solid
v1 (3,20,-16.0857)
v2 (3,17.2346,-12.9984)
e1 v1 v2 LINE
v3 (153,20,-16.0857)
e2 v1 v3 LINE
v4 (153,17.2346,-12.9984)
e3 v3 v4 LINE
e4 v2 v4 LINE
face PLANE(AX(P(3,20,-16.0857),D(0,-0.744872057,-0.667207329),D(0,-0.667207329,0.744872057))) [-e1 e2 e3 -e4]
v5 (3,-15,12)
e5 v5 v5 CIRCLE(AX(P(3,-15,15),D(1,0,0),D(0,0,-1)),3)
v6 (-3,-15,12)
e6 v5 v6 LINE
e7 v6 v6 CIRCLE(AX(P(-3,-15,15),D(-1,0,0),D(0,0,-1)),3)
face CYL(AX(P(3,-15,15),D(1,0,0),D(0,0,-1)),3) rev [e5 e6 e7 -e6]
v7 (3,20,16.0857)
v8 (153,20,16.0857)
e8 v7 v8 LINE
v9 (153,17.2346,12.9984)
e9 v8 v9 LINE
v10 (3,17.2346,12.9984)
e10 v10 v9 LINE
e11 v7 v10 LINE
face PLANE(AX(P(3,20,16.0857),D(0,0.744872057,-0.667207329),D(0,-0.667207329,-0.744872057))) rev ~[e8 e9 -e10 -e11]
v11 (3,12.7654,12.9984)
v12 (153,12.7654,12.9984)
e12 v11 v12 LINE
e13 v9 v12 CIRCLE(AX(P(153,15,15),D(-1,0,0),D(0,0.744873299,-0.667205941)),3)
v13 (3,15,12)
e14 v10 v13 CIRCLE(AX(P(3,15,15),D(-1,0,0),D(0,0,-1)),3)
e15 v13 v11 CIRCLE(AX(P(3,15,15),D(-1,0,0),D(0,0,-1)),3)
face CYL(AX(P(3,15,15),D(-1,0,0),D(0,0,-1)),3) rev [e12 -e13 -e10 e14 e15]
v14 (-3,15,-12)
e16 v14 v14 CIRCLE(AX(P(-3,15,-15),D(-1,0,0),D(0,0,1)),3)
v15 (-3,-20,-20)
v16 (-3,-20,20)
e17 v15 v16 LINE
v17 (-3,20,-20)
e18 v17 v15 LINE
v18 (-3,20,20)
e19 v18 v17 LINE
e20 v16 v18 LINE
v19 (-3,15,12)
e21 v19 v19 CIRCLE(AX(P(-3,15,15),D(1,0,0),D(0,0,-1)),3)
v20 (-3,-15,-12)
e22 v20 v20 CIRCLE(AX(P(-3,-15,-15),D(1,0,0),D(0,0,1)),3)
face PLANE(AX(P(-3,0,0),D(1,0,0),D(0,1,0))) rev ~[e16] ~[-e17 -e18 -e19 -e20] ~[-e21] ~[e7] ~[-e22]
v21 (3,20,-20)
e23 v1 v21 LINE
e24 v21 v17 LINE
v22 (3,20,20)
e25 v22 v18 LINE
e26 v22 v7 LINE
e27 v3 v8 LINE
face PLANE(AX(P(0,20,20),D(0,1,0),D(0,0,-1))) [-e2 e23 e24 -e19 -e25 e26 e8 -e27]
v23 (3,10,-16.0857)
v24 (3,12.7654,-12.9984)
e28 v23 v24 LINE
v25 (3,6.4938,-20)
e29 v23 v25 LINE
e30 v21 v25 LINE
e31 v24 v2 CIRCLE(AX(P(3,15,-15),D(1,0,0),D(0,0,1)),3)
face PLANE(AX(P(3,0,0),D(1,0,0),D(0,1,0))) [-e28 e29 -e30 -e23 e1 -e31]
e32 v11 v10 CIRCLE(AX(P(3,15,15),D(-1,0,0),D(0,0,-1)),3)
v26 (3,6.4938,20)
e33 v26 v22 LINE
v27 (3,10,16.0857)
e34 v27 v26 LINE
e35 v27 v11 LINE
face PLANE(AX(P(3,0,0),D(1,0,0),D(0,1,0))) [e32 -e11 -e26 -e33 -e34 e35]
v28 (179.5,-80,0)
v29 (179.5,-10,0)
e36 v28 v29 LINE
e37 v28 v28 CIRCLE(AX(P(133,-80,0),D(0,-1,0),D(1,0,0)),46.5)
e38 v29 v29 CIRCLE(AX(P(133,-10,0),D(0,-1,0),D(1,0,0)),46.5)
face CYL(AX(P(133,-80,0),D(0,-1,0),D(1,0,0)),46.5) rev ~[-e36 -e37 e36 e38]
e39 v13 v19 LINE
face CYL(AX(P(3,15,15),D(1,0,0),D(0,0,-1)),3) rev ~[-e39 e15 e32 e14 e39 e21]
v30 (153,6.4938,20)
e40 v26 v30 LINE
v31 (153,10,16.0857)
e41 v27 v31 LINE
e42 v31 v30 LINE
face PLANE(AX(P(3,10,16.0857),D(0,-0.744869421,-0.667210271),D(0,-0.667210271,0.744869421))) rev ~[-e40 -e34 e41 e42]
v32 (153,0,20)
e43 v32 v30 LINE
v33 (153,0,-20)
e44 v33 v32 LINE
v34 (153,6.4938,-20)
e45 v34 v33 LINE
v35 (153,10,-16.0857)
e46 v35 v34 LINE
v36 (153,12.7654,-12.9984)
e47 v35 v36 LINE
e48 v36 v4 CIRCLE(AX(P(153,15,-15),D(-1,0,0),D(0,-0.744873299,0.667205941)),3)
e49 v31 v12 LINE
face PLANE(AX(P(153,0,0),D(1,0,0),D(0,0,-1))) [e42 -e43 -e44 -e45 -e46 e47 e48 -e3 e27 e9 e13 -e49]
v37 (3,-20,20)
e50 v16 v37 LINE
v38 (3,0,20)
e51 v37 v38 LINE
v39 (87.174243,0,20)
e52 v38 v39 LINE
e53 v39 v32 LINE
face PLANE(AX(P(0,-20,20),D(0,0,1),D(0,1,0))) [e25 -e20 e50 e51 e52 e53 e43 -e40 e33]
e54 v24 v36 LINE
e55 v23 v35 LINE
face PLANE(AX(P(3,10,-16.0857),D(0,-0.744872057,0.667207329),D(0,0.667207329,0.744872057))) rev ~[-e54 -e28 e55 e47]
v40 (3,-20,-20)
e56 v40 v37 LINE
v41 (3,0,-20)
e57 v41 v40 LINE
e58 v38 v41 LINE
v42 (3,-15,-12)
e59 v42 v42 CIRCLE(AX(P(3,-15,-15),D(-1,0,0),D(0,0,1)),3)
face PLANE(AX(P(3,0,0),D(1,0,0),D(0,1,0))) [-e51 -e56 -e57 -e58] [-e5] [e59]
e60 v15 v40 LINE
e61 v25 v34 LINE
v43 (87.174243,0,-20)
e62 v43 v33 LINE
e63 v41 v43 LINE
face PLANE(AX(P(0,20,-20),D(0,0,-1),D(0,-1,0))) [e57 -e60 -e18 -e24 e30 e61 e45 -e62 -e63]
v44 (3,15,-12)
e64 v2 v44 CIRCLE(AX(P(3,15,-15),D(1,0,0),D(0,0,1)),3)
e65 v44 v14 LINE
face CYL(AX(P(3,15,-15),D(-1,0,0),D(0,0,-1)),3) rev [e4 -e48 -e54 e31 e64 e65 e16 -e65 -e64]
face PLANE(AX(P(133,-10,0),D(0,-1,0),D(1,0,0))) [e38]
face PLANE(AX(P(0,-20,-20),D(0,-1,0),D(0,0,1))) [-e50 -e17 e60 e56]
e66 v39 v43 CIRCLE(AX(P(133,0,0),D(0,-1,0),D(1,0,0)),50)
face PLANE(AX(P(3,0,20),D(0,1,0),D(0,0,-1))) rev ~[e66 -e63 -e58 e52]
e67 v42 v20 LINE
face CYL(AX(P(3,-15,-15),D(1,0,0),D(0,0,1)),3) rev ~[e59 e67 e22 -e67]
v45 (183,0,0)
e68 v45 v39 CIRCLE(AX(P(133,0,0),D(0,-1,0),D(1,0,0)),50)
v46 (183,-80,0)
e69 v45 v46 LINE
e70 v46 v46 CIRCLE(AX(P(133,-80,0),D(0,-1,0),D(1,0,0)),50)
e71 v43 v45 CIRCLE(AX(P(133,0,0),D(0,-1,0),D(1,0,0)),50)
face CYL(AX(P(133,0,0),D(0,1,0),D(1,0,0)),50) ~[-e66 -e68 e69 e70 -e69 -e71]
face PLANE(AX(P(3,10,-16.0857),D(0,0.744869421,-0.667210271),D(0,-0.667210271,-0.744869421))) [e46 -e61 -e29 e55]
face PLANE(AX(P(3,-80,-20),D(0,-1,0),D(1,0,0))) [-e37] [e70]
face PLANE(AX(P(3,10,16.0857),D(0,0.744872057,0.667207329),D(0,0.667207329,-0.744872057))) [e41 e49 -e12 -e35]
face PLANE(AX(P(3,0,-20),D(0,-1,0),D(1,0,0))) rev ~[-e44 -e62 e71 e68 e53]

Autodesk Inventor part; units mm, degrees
ref_plane "YZ Plane" through (0, 0, 0) normal (1, 0, 0) x (0, 1, 0)
ref_plane "XZ Plane" through (0, 0, 0) normal (0, 1, 0) x (-1, 0, 0)
sketch "Sketch1" plane through (0, 0, 0) normal (1, 0, 0) x (0, 1, 0)
  line L0 (-20, 20) -> (20, 20)
  line L1 (20, 20) -> (20, -20)
  line L2 (20, -20) -> (-20, -20)
  line L3 (-20, -20) -> (-20, 20)
  line L4 (-20, 20) -> (20, -20) construction
  line L5 (20, 20) -> (-20, -20) construction
  point P0 (0, 0)
  dimension "d0" = 40
  dimension "d1" = 40
extrude "Extrusion1" add sketch "Sketch1" along normal mid plane 6
sketch "Sketch2" plane through (3, 0, 0) normal (1, 0, 0) x (0, 0, -1)
  line L0 (20, 20) -> (-20, 20) projected
  line L1 (-20, 20) -> (-15, 20)
  line L2 (-15, 20) -> (-15, 15)
  line L3 (-15, 15) -> (-20, 15)
  line L4 (-20, 20) -> (-20, -20) projected
  circle A0 centre (-15, 15) radius 3
  point P0 (0, 0)
  dimension "d4" = 5
  dimension "d5" = 5
  dimension "d6" = 6
extrude "Extrusion2" cut sketch "Sketch2" against normal blind 6 contours A0 L3 L2 | L2 L3 A0
mirror "Mirror1" about plane through (0, 0, 0) normal (0, 0, 1) of "Extrusion2"
mirror "Mirror2" about plane through (0, 0, 0) normal (0, 1, 0) of "Extrusion2", "Mirror1"
ref_plane "Work Plane4" through (0, 0, 20) normal (0, 0, -1) x (1, 0, 0)
ref_plane "Work Plane3" through (0, 0, 0) normal (0, 0, -1) x (1, 0, 0)
sketch "Sketch3" plane through (0, 0, 20) normal (0, 0, -1) x (1, 0, 0)
  line L0 (3, -20) -> (3, 20) projected
  line L1 (3, 0) -> (3, -15)
  line L2 (3, -15) -> (153, -15) construction
  line L3 (3, 0) -> (3, -7.5)
  point P0 (0, 0)
  dimension "d10" = 15
  dimension "bracketlength" = 150
  dimension "d12" = 7.5
sketch "Sketch4" plane through (3, 0, 0) normal (1, 0, 0) x (0, 0, -1)
  circle A0 centre (-15, 15) radius 3 projected
  circle A1 centre (15, 15) radius 3 projected
  circle A2 centre (-15, 15) radius 3 projected
  circle A3 centre (-15, 15) radius 3
  circle A4 centre (15, 15) radius 3
  line L0 (-20, 20) -> (20, 20) projected
  line L1 (-16.0857, 20) -> (-12.9984, 17.2346)
  line L2 (-17.7822, 15) -> (18, 15)
  circle A5 centre (15, 15) radius 3 projected
  line L3 (-16.0857, 10) -> (-12.9984, 12.7654)
  line L4 (0, 20) -> (0, 0)
  line L5 (-16.0857, 10) -> (-20, 6.4938)
  line L6 (-20, -20) -> (-20, 20) projected
  line L7 (-20, 6.4938) -> (-20, 0)
  circle A6 centre (15, 15) radius 3
  line L8 (16.0857, 20) -> (12.9984, 17.2346)
  line L9 (16.0857, 10) -> (12.9984, 12.7654)
  line L10 (16.0857, 10) -> (20, 6.4938)
  line L11 (20, 6.4938) -> (20, 0)
  line L12 (-16.0857, 20) -> (16.0857, 20)
  line L13 (-20, 0) -> (20, 0)
extrude "Extrusion3" add sketch "Sketch4" along normal blind 150 contours L2 L4 L13 L6 L5 L3 A0 | A0 L1 L0 L4 L2 | L4 L0 L8 A1 L2 | L2 A1 L9 L10 L11 L13 L4
sketch "Sketch5" plane through (3, 0, -20) normal (0, -1, 0) x (1, 0, 0)
  line L0 (150, 0) -> (150, 40)
  line L1 (150, 40) -> (150, 50)
  line L2 (150, 50) -> (150, -10)
  line L3 (150, 3.9143) -> (150, 36.0857) projected
  line L4 (150, 20) -> (110, 20)
  circle A0 centre (130, 20) radius 50
  point P0 (-3, 20)
  dimension "d15" = 10
  dimension "d16" = 60
  dimension "d17" = 40
  dimension "panmotorholderdiam" = 100
extrude "Extrusion4" add sketch "Sketch5" along normal blind 80
sketch "Sketch6" plane through (133, -80, 0) normal (0, -1, 0) x (1, 0, 0)
  circle A0 centre (0, 0) radius 46.5
  point P0 (-133, 0)
  dimension "d21" = 93
extrude "Extrusion5" cut sketch "Sketch6" against normal blind 70
ref_plane "Work Plane1" through (0, 0, 0) normal (0, 0, 1) x (1, 0, 0)
ref_plane "Work Plane2" through (0, 0, 0) normal (0, 0, -1) x (1, 0, 0)
properties part number "TopBracket" material "ABS Plastic"
